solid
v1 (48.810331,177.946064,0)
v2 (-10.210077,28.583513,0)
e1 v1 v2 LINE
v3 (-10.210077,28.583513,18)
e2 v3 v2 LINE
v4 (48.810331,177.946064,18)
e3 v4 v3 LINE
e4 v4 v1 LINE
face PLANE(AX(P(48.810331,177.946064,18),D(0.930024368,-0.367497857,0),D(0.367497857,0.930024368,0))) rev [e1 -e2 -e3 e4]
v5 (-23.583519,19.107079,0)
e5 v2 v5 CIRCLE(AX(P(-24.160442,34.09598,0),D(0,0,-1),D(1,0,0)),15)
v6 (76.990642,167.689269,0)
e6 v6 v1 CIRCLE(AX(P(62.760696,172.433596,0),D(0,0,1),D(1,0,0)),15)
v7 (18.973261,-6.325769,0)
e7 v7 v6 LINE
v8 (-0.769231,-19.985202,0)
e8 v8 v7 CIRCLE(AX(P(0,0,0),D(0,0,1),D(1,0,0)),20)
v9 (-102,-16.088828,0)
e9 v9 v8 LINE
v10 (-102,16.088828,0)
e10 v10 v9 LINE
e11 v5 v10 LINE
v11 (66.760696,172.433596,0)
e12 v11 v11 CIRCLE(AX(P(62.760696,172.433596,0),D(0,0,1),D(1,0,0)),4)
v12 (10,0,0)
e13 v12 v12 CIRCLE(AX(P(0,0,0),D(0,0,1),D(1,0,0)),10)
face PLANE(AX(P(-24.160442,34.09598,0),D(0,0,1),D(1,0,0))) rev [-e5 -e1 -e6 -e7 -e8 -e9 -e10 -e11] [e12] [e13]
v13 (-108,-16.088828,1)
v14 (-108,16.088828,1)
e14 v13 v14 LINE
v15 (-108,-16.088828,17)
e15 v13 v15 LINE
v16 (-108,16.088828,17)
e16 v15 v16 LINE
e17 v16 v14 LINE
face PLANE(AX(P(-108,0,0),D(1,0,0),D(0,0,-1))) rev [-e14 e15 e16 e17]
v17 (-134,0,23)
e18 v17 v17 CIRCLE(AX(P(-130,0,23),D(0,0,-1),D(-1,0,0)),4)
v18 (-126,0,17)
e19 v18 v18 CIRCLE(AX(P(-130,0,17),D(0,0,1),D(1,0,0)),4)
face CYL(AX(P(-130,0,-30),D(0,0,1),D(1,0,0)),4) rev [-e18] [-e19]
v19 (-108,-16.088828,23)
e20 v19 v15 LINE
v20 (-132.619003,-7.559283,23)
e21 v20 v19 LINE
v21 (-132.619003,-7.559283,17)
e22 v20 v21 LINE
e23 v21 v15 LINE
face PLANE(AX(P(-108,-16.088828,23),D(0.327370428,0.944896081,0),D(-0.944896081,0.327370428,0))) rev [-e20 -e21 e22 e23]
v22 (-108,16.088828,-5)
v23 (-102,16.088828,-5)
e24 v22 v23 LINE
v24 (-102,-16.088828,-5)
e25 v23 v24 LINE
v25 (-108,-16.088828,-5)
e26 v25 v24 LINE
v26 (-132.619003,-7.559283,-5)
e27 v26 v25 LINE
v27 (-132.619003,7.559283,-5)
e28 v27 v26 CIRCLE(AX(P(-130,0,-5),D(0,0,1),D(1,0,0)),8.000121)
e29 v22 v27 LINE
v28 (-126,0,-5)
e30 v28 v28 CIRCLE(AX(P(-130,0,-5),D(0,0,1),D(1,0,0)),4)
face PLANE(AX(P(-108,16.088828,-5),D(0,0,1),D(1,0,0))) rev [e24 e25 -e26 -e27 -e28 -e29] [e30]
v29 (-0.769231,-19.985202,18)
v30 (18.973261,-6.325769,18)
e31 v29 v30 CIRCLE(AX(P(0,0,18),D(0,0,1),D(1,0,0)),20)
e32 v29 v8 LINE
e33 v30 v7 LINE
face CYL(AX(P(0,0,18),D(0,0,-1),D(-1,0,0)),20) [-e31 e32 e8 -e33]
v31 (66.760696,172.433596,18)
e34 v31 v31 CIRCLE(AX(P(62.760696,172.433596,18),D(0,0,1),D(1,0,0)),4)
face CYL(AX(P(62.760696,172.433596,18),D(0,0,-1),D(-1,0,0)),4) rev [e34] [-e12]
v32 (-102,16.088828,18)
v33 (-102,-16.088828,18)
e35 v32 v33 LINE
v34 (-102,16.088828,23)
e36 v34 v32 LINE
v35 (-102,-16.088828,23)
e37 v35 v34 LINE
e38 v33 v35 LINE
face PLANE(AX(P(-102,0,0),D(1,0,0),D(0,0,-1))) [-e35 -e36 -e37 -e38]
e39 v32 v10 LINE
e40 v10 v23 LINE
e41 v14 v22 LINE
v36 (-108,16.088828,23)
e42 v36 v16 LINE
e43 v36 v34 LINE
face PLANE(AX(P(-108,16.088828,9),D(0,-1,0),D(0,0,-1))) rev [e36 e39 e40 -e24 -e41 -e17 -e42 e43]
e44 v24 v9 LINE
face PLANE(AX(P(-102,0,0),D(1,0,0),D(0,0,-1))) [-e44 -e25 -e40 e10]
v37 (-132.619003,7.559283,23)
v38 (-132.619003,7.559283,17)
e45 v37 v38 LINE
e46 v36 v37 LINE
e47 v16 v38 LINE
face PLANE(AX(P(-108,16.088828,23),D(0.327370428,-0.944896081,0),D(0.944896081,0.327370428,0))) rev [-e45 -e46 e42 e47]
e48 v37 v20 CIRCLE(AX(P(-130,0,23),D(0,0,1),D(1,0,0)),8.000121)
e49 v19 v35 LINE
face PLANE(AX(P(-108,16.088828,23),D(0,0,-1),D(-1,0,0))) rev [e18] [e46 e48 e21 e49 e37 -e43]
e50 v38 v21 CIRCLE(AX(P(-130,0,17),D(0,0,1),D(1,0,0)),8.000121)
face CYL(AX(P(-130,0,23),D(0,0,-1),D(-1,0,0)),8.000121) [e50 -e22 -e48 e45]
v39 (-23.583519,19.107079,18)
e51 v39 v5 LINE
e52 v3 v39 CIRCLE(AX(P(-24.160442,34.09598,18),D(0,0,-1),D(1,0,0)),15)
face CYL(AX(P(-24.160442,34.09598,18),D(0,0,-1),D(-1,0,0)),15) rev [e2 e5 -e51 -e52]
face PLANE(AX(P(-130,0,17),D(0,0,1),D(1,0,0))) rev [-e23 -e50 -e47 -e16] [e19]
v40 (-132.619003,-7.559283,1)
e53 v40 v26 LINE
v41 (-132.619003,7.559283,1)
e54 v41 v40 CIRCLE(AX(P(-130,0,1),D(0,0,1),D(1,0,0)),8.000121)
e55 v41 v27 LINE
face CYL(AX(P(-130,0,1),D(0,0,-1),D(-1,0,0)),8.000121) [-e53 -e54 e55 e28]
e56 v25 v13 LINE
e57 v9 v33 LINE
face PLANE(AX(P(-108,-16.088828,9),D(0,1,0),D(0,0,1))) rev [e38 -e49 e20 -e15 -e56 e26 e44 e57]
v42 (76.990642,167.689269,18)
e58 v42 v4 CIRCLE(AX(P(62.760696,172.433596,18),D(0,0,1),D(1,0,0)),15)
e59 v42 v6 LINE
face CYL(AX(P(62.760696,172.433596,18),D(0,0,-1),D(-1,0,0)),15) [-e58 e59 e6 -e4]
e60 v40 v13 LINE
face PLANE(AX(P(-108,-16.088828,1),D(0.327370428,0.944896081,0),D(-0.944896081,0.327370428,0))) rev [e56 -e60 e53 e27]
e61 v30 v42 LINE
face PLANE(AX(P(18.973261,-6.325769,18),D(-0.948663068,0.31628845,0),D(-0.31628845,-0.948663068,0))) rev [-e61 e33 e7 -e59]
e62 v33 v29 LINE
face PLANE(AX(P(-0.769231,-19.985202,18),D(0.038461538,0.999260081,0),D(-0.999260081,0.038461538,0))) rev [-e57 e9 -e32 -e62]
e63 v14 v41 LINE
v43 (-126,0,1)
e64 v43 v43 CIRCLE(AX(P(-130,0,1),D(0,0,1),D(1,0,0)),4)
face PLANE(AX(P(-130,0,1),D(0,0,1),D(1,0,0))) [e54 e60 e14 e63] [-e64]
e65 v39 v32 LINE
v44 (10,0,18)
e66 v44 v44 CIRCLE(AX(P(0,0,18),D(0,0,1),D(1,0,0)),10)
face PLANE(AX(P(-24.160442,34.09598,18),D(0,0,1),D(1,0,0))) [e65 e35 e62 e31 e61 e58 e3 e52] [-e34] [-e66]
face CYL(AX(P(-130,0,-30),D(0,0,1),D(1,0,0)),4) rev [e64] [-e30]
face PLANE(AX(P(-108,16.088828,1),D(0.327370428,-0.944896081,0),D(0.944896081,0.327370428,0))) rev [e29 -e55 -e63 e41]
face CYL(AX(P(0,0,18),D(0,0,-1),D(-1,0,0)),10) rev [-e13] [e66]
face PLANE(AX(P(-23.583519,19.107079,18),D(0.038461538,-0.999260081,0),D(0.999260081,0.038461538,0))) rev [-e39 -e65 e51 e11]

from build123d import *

# Parameters (mm, degrees)
EXTRUDE_1_DEPTH     = 18
SKETCH_2_R          = 4
SKETCH_2_R_2        = 10
CUT_EXTRUDE_1_DEPTH = 18
SKETCH_4_W          = 33.000030669
SKETCH_4_H          = 62.878436815
CUT_EXTRUDE_2_DEPTH = 60
EXTRUDE_2_DEPTH     = 6
EXTRUDE_START       = -5
EXTRUDE_3_DEPTH     = 6
EXTRUDE_START_2     = 17
EXTRUDE_4_DEPTH     = 6
SKETCH_7_R          = 4
CUT_EXTRUDE_3_DEPTH = 30


with BuildPart() as part:
    # 草图1 → 凸台-拉伸1 (new body)
    with BuildSketch(Plane.XY):
        with BuildLine():
            Line((48.810330778, 177.946063765), (-10.210076964, 28.583512616))
            ThreePointArc((-10.210076964, 28.583512616), (-15.488001892, 21.85715805), (-23.583519409, 19.107079247))
            Line((-23.583519409, 19.107079247), (-130.576923077, 14.988901219))
            ThreePointArc((-130.576923077, 14.988901219), (-145, 0), (-130.576923077, -14.988901219))
            Line((-130.576923077, -14.988901219), (-0.769230769, -19.985201626))
            ThreePointArc((-0.769230769, -19.985201626), (11.379442316, -16.447136303), (18.973261361, -6.325768991))
            Line((18.973261361, -6.325768991), (76.990642321, 167.689269171))
            ThreePointArc((76.990642321, 167.689269171), (67.89099845, 186.528985226), (48.810330778, 177.946063765))
        make_face()
    extrude(amount=EXTRUDE_1_DEPTH)

    # 草图2 → 切除-拉伸1 (cut)
    with BuildSketch(Plane.XY):
        with Locations((62.7606963, 172.433595914)):
            Circle(SKETCH_2_R)
        Circle(SKETCH_2_R_2)
    extrude(amount=CUT_EXTRUDE_1_DEPTH, mode=Mode.SUBTRACT)

    # 草图4 → 切除-拉伸2 (cut)
    with BuildSketch(Plane.ZY.offset(102)):
        with Locations((8.194839776, -6.074779021)):
            Rectangle(SKETCH_4_W, SKETCH_4_H)
    extrude(amount=CUT_EXTRUDE_2_DEPTH, mode=Mode.SUBTRACT)

    # 草图5 → 凸台-拉伸2 (add)
    with BuildSketch(Plane.ZY.offset(102)):
        Polygon((9, -16.088827501), (-5, -16.088827501), (-5, 16.088827501), (9, 16.088827501), (23, 16.088827501), (23, -16.088827501), align=None)
    extrude(amount=EXTRUDE_2_DEPTH)

    # 草图6 → 凸台-拉伸3 (add)
    with BuildSketch(Plane.XY.offset(EXTRUDE_START)):
        with BuildLine():
            Line((-108, 16.088827501), (-132.619002915, 7.559282635))
            ThreePointArc((-132.619002915, 7.559282635), (-138.000120638, 0), (-132.619002915, -7.559282635))
            Line((-132.619002915, -7.559282635), (-108, -16.088827501))
            Line((-108, -16.088827501), (-108, 16.088827501))
        make_face()
    extrude(amount=EXTRUDE_3_DEPTH)

    # 草图6<2> → 凸台-拉伸4 (add)
    with BuildSketch(Plane.XY.offset(EXTRUDE_START_2)):
        with BuildLine():
            Line((-108, 16.088827501), (-132.619002915, 7.559282635))
            ThreePointArc((-132.619002915, 7.559282635), (-138.000120638, 0), (-132.619002915, -7.559282635))
            Line((-132.619002915, -7.559282635), (-108, -16.088827501))
            Line((-108, -16.088827501), (-108, 16.088827501))
        make_face()
    extrude(amount=EXTRUDE_4_DEPTH)

    # 草图7 → 切除-拉伸3 (cut, symmetric)
    with BuildSketch(Plane.XY):
        with Locations((-130, 0)):
            Circle(SKETCH_7_R)
    extrude(amount=CUT_EXTRUDE_3_DEPTH, both=True, mode=Mode.SUBTRACT)


solid = part.part
